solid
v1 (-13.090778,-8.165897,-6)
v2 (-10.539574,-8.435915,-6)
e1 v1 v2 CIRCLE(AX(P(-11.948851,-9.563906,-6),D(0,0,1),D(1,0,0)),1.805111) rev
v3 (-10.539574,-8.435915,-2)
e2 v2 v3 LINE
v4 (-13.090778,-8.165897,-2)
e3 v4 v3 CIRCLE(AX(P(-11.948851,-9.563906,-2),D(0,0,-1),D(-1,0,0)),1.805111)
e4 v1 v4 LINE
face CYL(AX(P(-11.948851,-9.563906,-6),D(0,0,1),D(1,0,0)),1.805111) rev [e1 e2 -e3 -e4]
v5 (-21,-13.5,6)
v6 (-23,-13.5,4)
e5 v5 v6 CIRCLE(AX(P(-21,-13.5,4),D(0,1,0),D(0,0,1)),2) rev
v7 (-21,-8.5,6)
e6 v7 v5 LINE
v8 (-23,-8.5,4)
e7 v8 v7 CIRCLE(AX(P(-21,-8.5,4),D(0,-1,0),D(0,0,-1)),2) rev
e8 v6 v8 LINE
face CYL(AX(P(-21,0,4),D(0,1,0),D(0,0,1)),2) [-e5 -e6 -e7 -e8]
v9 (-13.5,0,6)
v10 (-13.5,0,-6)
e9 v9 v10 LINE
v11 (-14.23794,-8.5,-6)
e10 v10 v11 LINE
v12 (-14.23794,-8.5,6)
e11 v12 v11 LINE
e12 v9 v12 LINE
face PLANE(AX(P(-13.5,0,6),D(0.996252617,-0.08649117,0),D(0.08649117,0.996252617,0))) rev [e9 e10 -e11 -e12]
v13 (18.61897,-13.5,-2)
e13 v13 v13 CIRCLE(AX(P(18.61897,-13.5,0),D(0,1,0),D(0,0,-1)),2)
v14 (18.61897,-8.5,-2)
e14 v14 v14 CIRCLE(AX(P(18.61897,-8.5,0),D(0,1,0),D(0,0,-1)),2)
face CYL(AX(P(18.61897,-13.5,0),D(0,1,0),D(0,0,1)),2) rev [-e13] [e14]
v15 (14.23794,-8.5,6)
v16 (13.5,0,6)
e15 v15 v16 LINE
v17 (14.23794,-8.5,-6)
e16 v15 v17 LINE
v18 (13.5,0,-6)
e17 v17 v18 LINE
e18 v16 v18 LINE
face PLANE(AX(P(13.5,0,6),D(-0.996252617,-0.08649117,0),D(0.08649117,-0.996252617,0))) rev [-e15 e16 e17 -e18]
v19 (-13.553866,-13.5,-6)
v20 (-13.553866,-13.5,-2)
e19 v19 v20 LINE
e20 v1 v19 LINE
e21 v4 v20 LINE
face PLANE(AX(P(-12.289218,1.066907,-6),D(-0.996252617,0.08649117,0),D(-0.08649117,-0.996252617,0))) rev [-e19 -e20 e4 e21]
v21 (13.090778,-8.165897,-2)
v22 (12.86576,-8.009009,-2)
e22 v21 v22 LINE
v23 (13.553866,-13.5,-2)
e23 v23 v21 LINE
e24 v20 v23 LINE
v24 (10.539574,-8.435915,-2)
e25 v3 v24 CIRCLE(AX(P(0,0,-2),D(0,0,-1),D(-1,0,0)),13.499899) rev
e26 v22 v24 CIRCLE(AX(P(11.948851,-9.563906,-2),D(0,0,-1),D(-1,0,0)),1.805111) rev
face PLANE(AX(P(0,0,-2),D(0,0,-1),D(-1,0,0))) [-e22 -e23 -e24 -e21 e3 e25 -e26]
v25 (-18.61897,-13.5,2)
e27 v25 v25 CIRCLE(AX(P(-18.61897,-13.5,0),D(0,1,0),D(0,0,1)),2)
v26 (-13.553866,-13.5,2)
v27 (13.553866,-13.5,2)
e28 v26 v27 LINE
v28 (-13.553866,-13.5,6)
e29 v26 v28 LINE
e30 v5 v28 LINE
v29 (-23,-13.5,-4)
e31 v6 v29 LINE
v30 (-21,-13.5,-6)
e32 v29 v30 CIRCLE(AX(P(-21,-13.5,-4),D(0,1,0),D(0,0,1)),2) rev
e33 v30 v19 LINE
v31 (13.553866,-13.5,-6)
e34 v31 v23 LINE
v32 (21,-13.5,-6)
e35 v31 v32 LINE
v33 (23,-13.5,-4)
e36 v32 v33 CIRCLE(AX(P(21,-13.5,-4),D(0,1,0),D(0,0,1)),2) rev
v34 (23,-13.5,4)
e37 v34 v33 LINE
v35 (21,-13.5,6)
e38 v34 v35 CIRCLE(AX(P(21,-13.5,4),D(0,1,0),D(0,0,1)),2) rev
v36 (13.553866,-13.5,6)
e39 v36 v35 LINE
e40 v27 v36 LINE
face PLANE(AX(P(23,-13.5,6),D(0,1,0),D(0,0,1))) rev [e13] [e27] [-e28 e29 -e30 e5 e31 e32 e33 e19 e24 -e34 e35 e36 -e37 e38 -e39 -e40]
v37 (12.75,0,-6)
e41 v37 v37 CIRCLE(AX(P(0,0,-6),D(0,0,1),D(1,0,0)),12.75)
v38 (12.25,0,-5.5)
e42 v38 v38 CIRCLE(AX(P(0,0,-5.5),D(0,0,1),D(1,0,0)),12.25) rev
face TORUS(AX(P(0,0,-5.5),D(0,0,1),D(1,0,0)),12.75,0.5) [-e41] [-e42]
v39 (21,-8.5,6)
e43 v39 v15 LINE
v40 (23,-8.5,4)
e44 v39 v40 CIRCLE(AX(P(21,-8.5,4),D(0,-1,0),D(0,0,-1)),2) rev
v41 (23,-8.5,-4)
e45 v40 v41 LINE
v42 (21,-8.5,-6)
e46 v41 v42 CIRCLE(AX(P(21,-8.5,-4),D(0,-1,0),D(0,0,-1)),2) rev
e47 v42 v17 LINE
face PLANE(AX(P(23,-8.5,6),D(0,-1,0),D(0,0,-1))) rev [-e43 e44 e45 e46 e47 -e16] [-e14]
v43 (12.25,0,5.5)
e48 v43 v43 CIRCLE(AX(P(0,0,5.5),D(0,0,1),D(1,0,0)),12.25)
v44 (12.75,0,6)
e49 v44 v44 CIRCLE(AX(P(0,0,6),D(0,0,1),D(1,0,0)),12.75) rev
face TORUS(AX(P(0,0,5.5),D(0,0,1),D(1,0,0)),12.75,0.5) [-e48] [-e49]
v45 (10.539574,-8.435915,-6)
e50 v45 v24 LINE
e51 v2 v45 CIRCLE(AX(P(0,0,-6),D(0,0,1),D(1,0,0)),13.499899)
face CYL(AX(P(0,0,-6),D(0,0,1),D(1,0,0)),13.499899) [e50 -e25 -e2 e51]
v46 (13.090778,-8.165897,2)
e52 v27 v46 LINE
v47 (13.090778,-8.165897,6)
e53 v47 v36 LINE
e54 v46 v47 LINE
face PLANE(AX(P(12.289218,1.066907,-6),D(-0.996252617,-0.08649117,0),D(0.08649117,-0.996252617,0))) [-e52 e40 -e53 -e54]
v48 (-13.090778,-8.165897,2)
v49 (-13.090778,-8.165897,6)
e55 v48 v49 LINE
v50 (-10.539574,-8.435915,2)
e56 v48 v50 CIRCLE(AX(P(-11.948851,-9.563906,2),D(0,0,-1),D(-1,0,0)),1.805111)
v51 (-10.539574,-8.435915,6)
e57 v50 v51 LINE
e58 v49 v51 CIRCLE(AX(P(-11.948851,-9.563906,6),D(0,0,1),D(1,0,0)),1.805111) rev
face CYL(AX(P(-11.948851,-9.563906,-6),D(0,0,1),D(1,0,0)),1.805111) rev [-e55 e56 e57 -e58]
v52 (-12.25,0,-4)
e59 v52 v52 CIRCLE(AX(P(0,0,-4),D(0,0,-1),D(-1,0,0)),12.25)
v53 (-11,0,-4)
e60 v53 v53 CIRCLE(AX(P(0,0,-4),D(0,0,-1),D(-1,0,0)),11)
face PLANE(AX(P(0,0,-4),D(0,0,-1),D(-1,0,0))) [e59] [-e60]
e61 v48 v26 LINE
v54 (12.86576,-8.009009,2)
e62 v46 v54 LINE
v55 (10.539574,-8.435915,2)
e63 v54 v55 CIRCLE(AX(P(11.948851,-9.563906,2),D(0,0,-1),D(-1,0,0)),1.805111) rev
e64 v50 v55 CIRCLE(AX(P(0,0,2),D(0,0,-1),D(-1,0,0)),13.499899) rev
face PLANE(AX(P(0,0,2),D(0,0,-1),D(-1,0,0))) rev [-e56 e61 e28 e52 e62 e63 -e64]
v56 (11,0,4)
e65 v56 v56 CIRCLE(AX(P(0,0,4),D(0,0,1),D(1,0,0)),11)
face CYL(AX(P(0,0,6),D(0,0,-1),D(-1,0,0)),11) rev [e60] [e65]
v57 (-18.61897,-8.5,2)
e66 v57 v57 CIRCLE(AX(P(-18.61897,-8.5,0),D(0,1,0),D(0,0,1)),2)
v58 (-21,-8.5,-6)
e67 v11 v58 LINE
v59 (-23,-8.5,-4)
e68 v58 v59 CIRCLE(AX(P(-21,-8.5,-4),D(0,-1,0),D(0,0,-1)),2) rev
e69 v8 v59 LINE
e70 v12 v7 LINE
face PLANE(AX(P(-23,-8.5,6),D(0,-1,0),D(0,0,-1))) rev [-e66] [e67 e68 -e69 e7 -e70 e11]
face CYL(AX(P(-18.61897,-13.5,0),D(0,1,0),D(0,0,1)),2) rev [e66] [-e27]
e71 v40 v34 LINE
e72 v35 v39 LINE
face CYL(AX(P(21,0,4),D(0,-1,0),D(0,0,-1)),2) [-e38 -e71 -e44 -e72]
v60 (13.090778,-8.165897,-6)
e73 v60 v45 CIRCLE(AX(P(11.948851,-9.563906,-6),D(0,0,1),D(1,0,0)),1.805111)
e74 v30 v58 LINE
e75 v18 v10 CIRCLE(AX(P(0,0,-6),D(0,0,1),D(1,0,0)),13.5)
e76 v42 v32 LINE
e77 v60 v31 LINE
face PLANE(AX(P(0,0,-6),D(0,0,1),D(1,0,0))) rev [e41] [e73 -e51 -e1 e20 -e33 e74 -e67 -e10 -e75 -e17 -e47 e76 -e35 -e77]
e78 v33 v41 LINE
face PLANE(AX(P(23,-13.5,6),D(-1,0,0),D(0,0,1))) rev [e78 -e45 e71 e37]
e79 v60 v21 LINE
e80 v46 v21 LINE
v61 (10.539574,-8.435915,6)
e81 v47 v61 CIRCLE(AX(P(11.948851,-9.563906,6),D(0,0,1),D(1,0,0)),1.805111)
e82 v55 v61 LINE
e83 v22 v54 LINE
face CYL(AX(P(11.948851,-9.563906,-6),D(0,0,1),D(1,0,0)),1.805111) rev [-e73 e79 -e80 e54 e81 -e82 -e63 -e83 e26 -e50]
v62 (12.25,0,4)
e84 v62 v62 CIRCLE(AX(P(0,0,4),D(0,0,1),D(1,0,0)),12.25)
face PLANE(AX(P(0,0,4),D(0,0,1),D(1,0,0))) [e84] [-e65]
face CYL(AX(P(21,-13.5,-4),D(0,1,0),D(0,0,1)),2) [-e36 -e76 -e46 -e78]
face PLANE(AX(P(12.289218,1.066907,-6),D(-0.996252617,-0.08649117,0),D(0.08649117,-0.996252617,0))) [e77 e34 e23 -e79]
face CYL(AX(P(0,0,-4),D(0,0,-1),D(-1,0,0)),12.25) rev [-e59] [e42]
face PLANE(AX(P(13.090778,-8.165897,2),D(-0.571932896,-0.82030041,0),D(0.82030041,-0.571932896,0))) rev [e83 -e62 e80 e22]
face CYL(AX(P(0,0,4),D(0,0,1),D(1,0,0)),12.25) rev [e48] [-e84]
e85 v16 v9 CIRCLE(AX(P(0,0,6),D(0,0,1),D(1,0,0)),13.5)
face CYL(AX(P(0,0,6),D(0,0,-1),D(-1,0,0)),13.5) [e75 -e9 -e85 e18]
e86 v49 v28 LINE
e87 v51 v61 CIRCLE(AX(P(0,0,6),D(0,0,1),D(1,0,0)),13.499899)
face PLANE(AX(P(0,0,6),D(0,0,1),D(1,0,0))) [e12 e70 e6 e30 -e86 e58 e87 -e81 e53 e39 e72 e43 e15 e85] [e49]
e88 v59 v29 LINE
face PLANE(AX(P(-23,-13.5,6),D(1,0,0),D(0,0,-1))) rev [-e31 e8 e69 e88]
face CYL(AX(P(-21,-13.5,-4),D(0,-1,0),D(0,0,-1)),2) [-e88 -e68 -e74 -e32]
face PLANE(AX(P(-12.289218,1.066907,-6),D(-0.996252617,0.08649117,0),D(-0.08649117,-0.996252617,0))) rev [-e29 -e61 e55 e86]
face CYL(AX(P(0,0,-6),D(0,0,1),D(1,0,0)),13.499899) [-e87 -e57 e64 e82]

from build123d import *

# Parameters (mm, degrees)
CROQUIS1_R              = 11
SALIENTE_EXTRUIR1_DEPTH = 6
CROQUIS2_R              = 2
CORTAR_EXTRUIR1_DEPTH   = 33.388269481
CORTAR_EXTRUIR2_DEPTH   = 30.244657632
SALIENTE_EXTRUIR2_DEPTH = 2
CROQUIS6_R              = 12.25
CORTAR_EXTRUIR3_DEPTH   = 2
CORTAR_EXTRUIR4_START   = -2
CROQUIS7_R              = 12.25
CORTAR_EXTRUIR4_DEPTH   = 2
REDONDEO1_R             = 2
REDONDEO2_R             = 2
REDONDEO3_R             = 2
REDONDEO4_R             = 0.5


with BuildPart() as part:
    # Croquis1 → Saliente-Extruir1 (new, symmetric)
    with BuildSketch(Plane.XY):
        with BuildLine():
            Line((23, -13.5), (-23, -13.5))
            Line((-23, -13.5), (-23, -8.5))
            Line((-23, -8.5), (-14.237940292, -8.5))
            Line((-14.237940292, -8.5), (-13.5, 0))
            ThreePointArc((-13.5, 0), (0, 13.5), (13.5, 0))
            Line((13.5, 0), (14.237940292, -8.5))
            Line((14.237940292, -8.5), (23, -8.5))
            Line((23, -8.5), (23, -13.5))
        make_face()
        Circle(CROQUIS1_R, mode=Mode.SUBTRACT)
    extrude(amount=SALIENTE_EXTRUIR1_DEPTH, both=True)

    # Croquis2 → Cortar-Extruir1 (cut, through all)
    with BuildSketch(Plane(origin=(0, -8.5, 0), x_dir=(1, 0, 0), z_dir=(0, 1, 0))):
        with Locations(Location((-18.618970146, 0, 0), (0, 0, 270))):
            Circle(CROQUIS2_R)
        with Locations(Location((18.618970146, 0, 0), (0, 0, 90))):
            Circle(CROQUIS2_R)
    extrude(amount=-CORTAR_EXTRUIR1_DEPTH, mode=Mode.SUBTRACT)

    # Croquis3 → Cortar-Extruir2 (cut, through all)
    with BuildSketch(Plane.XY.offset(6)):
        with BuildLine():
            Line((-13.553865986, -13.5), (13.553865986, -13.5))
            Line((13.553865986, -13.5), (13.090777783, -8.165896733))
            ThreePointArc((13.090777783, -8.165896733), (11.758860153, -7.768821091), (10.539573747, -8.435915012))
            ThreePointArc((10.539573747, -8.435915012), (0, -13.499899143), (-10.539573747, -8.435915012))
            ThreePointArc((-10.539573747, -8.435915012), (-11.758860153, -7.768821091), (-13.090777783, -8.165896733))
            Line((-13.090777783, -8.165896733), (-13.553865986, -13.5))
        make_face()
    extrude(amount=-CORTAR_EXTRUIR2_DEPTH, mode=Mode.SUBTRACT)

    # Croquis5 → Saliente-Extruir2 (add, symmetric)
    with BuildSketch(Plane.XY):
        Polygon((-13.553865986, -13.5), (13.553865986, -13.5), (13.090777783, -8.165896733), (11.052644105, -6.744861607), (3.381214515, -12.283091016), (-4.357609146, -12.066622794), (-11.573003147, -6.744861607), (-13.322321885, -7.45537917), align=None)
    extrude(amount=SALIENTE_EXTRUIR2_DEPTH, both=True)

    # Croquis6 → Cortar-Extruir3 (cut)
    with BuildSketch(Plane.XY.offset(6)):
        Circle(CROQUIS6_R)
    extrude(amount=-CORTAR_EXTRUIR3_DEPTH, mode=Mode.SUBTRACT)

    # Croquis7 → Cortar-Extruir4 (cut)
    with BuildSketch(Plane(origin=(0, 0, -6), x_dir=(-1, 0, 0), z_dir=(0, 0, -1)).offset(CORTAR_EXTRUIR4_START)):
        with Locations(Location((0, 0, 0), (0, 0, 180))):
            Circle(CROQUIS7_R)
    extrude(amount=CORTAR_EXTRUIR4_DEPTH, mode=Mode.SUBTRACT)

    # Redondeo1
    redondeo1_edges = [part.edges().sort_by_distance(p)[0] for p in [
        (23, -11, -6),
    ]]
    fillet(redondeo1_edges, radius=REDONDEO1_R)

    # Redondeo2
    redondeo2_edges = [part.edges().sort_by_distance(p)[0] for p in [
        (23, -11, 6),
    ]]
    fillet(redondeo2_edges, radius=REDONDEO2_R)

    # Redondeo3
    redondeo3_edges = [part.edges().sort_by_distance(p)[0] for p in [
        (-23, -11, -6),
        (-23, -11, 6),
    ]]
    fillet(redondeo3_edges, radius=REDONDEO3_R)

    # Redondeo4
    redondeo4_edges = [part.edges().sort_by_distance(p)[0] for p in [
        (-12.25, 0, -6),
        (-12.25, 0, 6),
    ]]
    fillet(redondeo4_edges, radius=REDONDEO4_R)


solid = part.part
